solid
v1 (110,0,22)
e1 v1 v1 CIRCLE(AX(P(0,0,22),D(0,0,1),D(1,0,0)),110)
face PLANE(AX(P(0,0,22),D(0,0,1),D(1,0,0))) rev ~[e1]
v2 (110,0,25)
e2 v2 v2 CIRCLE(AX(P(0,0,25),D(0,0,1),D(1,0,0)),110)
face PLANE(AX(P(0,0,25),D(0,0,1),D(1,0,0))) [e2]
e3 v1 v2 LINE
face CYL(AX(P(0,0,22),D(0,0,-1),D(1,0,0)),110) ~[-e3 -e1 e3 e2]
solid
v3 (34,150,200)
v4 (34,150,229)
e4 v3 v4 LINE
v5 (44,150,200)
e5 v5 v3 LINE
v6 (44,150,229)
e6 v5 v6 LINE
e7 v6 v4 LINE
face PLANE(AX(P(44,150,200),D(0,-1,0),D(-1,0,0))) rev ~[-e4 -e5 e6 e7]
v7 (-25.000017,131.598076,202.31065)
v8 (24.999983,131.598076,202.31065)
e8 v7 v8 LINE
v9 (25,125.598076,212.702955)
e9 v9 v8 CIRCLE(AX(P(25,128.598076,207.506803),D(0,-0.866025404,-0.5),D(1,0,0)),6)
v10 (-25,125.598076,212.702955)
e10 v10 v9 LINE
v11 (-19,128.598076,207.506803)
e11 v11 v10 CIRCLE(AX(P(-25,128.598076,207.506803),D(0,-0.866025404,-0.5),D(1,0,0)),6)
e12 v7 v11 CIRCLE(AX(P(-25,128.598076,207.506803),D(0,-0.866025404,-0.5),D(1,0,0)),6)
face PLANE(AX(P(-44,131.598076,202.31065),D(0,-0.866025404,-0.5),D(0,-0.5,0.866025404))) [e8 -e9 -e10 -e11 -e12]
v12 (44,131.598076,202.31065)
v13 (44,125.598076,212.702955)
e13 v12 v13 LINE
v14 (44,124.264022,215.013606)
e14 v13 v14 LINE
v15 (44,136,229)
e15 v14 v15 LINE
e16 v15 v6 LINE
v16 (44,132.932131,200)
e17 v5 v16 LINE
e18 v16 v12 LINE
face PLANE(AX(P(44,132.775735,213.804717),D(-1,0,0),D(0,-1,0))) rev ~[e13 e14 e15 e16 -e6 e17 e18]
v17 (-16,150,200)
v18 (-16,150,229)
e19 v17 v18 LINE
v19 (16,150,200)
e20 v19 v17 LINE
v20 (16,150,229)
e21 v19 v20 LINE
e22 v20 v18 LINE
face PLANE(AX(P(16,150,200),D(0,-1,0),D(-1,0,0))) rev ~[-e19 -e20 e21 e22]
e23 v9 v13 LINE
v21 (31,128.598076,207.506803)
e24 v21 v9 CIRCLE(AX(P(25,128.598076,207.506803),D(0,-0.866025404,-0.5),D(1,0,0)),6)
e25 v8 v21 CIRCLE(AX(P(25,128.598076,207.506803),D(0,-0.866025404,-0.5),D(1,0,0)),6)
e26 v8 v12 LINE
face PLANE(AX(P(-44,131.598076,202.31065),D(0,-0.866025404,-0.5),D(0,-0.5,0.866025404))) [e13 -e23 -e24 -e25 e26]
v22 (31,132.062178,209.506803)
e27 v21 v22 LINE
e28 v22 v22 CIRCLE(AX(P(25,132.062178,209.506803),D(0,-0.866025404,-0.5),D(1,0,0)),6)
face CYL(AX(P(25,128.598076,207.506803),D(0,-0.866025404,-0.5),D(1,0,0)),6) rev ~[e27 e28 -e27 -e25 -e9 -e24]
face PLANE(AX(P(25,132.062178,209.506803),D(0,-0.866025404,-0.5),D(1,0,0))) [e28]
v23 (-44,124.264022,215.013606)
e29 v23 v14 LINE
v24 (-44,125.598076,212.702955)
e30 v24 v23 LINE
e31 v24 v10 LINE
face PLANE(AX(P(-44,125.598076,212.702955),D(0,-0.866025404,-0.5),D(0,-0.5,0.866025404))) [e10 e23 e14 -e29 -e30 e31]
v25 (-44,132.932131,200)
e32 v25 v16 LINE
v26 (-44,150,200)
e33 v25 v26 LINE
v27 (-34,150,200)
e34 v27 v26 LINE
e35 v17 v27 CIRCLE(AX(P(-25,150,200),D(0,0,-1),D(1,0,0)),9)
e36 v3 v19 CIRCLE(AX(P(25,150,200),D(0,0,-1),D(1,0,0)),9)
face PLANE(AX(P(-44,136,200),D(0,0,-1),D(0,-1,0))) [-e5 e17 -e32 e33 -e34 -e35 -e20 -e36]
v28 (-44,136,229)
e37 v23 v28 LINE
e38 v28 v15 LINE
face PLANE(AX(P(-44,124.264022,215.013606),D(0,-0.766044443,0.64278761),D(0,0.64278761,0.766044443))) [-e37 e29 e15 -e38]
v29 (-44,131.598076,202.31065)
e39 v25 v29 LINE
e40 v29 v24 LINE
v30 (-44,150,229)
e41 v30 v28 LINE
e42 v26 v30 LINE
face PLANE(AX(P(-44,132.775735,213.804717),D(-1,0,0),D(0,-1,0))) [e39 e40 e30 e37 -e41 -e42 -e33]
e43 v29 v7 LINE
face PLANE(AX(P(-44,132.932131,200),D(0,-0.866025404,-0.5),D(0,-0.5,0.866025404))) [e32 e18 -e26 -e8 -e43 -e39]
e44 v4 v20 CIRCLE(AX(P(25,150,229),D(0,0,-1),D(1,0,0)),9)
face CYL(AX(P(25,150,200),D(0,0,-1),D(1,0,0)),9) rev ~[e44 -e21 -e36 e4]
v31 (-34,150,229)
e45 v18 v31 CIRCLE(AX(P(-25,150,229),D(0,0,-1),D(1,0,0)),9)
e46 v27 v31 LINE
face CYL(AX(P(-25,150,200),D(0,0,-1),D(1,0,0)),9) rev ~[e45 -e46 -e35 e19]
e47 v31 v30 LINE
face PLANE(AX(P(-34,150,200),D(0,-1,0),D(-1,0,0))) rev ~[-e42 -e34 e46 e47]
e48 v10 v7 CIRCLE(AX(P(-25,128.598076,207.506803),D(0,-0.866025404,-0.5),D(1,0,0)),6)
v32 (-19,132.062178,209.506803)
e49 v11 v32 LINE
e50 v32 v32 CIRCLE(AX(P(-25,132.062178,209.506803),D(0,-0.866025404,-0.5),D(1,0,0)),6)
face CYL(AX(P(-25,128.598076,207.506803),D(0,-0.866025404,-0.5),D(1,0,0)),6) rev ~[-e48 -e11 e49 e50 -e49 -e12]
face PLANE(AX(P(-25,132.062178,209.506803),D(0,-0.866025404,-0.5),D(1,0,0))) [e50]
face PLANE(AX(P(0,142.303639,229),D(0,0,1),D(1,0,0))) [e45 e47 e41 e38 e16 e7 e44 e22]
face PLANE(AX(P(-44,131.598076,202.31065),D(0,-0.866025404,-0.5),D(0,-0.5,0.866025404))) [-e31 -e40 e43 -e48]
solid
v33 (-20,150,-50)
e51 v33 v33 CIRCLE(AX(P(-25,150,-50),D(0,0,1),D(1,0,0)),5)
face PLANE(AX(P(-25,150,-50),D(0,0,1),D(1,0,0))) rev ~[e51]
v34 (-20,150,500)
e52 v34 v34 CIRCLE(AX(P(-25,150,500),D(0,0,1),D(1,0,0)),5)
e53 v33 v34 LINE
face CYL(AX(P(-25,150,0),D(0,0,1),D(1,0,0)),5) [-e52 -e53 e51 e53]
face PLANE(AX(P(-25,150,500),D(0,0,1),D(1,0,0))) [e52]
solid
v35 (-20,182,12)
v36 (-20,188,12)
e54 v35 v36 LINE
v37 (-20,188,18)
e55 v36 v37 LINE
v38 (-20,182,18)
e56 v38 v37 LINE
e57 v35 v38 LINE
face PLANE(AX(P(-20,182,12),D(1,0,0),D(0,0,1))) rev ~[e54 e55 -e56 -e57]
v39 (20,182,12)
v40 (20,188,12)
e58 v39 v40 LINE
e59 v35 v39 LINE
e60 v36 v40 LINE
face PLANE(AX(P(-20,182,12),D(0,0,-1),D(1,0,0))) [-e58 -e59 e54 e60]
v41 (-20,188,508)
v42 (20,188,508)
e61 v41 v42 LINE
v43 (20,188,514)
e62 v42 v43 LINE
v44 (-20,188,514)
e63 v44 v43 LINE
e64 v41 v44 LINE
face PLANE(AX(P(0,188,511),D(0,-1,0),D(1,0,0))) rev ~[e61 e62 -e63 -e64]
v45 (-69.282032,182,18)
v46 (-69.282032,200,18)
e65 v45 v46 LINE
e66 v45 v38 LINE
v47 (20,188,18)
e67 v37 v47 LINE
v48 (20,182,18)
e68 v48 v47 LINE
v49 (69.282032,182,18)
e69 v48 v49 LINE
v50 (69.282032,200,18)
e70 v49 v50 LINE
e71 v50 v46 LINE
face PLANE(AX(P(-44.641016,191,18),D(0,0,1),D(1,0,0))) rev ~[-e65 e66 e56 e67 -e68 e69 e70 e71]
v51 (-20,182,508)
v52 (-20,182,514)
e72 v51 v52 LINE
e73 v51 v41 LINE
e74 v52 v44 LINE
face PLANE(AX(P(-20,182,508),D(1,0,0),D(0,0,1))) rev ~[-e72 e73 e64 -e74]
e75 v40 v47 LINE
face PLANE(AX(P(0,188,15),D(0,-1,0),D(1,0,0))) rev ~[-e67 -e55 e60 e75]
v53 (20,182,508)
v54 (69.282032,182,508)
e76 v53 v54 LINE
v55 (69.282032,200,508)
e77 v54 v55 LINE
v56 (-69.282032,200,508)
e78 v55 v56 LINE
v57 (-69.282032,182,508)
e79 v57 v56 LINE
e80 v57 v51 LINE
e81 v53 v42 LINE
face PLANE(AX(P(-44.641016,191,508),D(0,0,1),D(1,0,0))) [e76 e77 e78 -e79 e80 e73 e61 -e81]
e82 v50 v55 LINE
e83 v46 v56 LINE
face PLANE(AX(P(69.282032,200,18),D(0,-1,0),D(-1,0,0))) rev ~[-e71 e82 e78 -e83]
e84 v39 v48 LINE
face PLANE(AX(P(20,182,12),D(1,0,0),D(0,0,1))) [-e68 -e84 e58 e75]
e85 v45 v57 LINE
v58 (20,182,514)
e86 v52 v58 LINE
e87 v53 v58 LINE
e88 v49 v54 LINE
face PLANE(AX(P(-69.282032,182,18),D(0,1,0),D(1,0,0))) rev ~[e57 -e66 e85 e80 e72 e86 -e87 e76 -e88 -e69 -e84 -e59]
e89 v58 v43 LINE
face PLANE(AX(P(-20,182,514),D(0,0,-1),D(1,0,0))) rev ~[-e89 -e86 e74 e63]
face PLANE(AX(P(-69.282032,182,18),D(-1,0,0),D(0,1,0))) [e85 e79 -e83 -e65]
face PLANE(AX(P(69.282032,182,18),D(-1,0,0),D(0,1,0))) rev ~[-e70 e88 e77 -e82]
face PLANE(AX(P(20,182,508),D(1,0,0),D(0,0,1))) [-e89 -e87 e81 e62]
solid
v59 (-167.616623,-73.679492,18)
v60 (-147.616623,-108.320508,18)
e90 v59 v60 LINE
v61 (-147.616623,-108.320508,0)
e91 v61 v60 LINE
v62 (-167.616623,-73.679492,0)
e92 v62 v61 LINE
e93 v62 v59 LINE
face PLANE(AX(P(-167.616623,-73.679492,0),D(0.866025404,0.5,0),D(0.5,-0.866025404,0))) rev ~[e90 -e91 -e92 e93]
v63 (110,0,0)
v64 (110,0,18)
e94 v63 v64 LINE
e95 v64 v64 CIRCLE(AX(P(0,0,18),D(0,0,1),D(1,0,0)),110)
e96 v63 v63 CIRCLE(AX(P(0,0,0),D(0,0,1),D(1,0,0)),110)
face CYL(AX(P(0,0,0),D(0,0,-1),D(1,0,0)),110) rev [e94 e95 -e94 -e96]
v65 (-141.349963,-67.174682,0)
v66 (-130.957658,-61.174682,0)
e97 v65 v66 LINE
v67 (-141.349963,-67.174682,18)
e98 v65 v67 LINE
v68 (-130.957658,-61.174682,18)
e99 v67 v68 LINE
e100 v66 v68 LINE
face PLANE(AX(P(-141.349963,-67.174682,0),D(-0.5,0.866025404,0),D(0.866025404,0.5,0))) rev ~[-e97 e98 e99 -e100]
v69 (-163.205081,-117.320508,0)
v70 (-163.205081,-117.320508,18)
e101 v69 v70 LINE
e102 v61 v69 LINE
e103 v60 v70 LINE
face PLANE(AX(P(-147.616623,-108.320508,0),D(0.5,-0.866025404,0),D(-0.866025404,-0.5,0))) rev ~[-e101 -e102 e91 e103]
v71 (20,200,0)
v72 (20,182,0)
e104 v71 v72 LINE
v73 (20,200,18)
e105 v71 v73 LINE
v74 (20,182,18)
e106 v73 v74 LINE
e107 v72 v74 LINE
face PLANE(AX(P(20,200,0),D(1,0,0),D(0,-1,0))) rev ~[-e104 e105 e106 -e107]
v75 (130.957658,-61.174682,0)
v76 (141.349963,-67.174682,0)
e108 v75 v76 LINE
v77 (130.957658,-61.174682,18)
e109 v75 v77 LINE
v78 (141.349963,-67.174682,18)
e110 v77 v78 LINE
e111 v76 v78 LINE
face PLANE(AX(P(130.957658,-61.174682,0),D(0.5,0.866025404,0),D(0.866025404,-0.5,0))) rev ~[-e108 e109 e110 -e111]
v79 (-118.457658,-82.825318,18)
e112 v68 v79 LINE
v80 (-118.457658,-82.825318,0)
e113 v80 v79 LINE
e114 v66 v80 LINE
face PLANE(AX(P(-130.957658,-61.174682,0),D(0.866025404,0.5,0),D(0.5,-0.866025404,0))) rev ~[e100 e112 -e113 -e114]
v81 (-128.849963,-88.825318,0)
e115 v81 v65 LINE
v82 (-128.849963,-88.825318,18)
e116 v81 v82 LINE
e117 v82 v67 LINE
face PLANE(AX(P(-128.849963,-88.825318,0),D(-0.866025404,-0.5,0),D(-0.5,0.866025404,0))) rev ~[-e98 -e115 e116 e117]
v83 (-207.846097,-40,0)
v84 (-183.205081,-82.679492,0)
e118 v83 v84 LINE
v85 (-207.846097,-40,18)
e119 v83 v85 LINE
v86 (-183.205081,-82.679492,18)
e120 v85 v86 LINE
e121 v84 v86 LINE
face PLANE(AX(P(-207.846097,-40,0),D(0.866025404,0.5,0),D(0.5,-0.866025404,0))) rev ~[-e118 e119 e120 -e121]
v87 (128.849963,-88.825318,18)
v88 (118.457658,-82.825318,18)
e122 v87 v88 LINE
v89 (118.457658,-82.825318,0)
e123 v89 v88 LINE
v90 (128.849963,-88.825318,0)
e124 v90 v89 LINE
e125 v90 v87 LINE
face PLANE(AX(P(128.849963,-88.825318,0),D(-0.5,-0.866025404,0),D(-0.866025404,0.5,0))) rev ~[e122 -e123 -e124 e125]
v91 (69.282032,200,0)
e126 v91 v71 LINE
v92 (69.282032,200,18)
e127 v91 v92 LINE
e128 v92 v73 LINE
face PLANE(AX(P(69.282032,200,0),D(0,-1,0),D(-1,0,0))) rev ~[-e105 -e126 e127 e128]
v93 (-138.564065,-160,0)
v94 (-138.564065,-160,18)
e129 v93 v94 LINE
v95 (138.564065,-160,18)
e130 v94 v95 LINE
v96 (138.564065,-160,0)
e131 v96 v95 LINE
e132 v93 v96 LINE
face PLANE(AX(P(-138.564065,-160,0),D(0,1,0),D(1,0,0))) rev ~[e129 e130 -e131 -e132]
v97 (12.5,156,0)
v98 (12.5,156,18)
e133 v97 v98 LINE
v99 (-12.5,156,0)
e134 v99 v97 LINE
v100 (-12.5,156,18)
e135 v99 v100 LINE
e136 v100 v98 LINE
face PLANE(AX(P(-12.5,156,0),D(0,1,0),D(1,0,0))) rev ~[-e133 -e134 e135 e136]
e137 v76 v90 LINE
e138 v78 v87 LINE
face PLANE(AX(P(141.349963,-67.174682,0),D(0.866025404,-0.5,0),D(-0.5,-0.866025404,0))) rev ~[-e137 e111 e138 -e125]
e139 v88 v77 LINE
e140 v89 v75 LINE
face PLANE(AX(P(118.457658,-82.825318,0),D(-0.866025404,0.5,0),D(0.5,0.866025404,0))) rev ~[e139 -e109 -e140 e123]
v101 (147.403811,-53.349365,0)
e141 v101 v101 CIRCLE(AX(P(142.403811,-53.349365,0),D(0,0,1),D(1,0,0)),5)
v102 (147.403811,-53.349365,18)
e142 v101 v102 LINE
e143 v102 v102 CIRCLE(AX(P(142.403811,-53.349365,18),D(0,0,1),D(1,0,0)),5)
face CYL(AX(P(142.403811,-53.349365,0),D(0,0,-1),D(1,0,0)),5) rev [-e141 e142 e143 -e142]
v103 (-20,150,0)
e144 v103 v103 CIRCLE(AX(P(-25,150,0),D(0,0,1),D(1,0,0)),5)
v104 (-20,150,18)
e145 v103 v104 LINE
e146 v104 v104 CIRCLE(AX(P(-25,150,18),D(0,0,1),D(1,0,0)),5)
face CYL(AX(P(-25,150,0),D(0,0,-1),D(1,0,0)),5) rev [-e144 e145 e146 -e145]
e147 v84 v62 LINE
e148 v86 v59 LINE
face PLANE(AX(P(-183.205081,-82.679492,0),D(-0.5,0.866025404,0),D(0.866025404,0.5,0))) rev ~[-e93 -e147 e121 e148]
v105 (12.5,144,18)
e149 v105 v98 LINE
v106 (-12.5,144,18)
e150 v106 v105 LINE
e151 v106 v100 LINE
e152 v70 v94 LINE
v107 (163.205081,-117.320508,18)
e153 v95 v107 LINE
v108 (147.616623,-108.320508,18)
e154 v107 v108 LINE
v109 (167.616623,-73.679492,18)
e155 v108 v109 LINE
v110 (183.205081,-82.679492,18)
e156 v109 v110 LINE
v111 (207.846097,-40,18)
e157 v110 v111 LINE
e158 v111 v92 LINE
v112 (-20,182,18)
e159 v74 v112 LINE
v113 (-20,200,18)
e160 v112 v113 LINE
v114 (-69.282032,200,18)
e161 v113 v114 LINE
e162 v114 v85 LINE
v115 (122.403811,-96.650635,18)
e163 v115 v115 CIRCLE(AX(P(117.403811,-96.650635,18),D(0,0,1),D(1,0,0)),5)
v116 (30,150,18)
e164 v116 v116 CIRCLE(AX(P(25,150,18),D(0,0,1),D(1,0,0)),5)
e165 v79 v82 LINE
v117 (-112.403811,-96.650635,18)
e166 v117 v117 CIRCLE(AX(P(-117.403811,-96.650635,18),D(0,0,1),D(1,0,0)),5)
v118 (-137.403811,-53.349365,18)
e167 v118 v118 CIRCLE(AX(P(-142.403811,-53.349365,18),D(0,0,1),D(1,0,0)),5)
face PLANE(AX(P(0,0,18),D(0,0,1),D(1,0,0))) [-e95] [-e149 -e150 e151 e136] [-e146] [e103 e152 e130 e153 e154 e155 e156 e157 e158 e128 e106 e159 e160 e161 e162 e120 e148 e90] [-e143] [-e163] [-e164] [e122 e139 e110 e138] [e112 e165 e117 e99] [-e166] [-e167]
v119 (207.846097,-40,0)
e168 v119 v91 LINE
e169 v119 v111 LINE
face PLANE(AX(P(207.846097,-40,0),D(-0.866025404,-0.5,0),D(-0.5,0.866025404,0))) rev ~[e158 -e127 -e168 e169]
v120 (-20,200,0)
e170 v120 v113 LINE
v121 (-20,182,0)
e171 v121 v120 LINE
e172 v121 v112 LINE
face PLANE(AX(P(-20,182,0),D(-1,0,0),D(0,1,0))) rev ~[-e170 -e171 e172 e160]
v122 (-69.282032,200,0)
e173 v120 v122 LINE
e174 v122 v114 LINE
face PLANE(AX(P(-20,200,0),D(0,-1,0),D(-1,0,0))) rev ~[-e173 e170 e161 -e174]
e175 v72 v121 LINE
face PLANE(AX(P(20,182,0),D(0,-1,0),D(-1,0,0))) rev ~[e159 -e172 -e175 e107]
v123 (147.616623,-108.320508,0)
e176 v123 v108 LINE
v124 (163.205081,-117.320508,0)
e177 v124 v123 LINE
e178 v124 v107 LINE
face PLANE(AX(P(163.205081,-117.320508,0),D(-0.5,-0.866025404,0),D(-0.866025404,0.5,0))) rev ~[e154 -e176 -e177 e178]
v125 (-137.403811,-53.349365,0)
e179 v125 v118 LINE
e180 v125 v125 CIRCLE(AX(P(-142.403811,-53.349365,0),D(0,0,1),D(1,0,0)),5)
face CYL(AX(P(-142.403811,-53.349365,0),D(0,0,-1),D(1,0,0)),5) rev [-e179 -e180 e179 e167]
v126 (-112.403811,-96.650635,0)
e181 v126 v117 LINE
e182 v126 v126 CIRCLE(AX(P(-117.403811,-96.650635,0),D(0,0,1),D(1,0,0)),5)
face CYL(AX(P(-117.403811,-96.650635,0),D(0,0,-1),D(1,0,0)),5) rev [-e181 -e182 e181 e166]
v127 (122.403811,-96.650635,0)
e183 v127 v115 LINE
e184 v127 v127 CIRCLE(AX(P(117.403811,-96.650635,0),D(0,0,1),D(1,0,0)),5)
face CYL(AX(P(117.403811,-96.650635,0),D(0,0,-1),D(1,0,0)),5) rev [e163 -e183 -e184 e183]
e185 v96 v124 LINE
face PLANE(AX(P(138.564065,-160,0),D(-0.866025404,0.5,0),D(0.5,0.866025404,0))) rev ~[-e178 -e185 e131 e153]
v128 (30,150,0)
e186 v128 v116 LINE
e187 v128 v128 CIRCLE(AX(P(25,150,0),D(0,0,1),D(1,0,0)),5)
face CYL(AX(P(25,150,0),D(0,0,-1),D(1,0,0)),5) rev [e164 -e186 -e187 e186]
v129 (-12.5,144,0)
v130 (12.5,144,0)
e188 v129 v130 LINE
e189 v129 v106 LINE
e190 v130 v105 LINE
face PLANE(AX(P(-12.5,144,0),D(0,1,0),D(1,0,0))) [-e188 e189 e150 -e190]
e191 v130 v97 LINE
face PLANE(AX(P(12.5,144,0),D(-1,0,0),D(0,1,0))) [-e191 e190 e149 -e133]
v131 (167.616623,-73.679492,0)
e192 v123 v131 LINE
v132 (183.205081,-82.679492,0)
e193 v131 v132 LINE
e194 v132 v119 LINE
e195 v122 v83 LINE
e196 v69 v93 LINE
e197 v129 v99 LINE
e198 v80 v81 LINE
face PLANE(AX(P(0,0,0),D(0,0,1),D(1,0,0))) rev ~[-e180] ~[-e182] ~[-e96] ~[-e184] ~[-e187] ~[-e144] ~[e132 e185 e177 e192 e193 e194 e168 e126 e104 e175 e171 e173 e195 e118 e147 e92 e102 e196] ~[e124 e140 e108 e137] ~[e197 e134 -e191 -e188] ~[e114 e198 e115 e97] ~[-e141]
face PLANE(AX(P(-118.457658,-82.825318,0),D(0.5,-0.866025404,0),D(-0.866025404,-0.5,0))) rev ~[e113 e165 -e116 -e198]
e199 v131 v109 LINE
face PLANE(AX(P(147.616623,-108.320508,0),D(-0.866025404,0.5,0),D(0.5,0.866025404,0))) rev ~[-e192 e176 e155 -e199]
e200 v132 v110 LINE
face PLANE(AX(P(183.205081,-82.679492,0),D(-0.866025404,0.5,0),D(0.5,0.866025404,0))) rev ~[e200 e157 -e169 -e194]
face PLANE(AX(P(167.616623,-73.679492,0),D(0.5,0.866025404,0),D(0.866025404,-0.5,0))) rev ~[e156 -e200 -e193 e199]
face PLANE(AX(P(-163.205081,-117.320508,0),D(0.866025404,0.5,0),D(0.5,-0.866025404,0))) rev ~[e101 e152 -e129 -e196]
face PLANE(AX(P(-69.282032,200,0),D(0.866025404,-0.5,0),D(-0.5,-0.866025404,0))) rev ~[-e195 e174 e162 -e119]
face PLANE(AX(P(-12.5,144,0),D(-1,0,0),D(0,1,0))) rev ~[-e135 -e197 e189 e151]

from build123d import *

# Parameters (mm, degrees)
F0_R          = 5
F0_R_2        = 110
F0_W          = 25
F0_H          = 12
F1_DEPTH      = 18
F2_DEPTH      = 500
F2_DEPTH_BACK = 50
F3_START      = 22
F3_DEPTH      = 3
F4_W          = 49.2820323028
F4_H          = 18
F4_W_2        = 40
F5_DEPTH      = 490
F6_W          = 40
F6_H          = 6
F7_DEPTH      = 6
F10_DEPTH     = 29
F12_DEPTH     = 88
F13_R         = 6
F14_DEPTH     = 4


with BuildPart() as f1:
    # F0 (on Top) → F1 (new body)
    with BuildSketch(Plane.XY):
        Polygon((-20, 200), (-69.2820323028, 200), (-207.8460969083, -40), (-183.2050807569, -82.6794919243), (-167.6166234888, -73.6794919243), (-147.6166234888, -108.3205080757), (-163.2050807569, -117.3205080757), (-138.5640646055, -160), (138.5640646055, -160), (163.2050807569, -117.3205080757), (147.6166234888, -108.3205080757), (167.6166234888, -73.6794919243), (183.2050807569, -82.6794919243), (207.8460969083, -40), (69.2820323028, 200), (20, 200), (20, 182), (-20, 182), align=None)
        with Locations((-117.4038105677, -96.6506350946)):
            Circle(F0_R, mode=Mode.SUBTRACT)
        Polygon((-141.3499629904, -67.1746824527), (-130.957658145, -61.1746824527), (-118.457658145, -82.8253175473), (-128.8499629904, -88.8253175473), align=None, mode=Mode.SUBTRACT)
        with Locations((-142.4038105677, -53.3493649054)):
            Circle(F0_R, mode=Mode.SUBTRACT)
        Circle(F0_R_2, mode=Mode.SUBTRACT)
        with Locations((117.4038105677, -96.6506350946)):
            Circle(F0_R, mode=Mode.SUBTRACT)
        Polygon((128.8499629904, -88.8253175473), (118.457658145, -82.8253175473), (130.957658145, -61.1746824527), (141.3499629904, -67.1746824527), align=None, mode=Mode.SUBTRACT)
        with Locations((142.4038105677, -53.3493649054)):
            Circle(F0_R, mode=Mode.SUBTRACT)
        with Locations((-25, 150)):
            Circle(F0_R, mode=Mode.SUBTRACT)
        with Locations((0, 150)):
            Rectangle(F0_W, F0_H, mode=Mode.SUBTRACT)
        with Locations((25, 150)):
            Circle(F0_R, mode=Mode.SUBTRACT)
    extrude(amount=F1_DEPTH)


with BuildPart() as f2:
    # F0 (on Top) → F2 (new body, two sides)
    with BuildSketch(Plane.XY) as f2_sk:
        with Locations((-25, 150)):
            Circle(F0_R)
    extrude(amount=F2_DEPTH)
    extrude(f2_sk.sketch, amount=-F2_DEPTH_BACK)


with BuildPart() as f3:
    # F0 (on Top) → F3 (new body)
    with BuildSketch(Plane.XY.offset(F3_START)):
        Circle(F0_R_2)
    extrude(amount=F3_DEPTH)


with BuildPart() as f5:
    # F4 (on face) → F5 (new body)
    with BuildSketch(Plane.XY.offset(18)):
        with Locations((-44.6410161514, 191)):
            Rectangle(F4_W, F4_H)
        with Locations((0, 191)):
            Rectangle(F4_W_2, F4_H)
        with Locations((44.6410161514, 191)):
            Rectangle(F4_W, F4_H)
    extrude(amount=F5_DEPTH)

    # F6 (on face) → F7 (join)
    with BuildSketch(Plane.XZ.offset(-182)):
        with Locations((0, 15)):
            Rectangle(F6_W, F6_H)
        with Locations((0, 511)):
            Rectangle(F6_W, F6_H)
    extrude(amount=-F7_DEPTH)


with BuildPart() as f10:
    # F9 (on offset) → F10 (new body)
    with BuildSketch(Plane.XY.offset(200)):
        with BuildLine():
            ThreePointArc((-16, 150), (-25, 141), (-34, 150))
            Line((-34, 150), (-44, 150))
            Line((-44, 150), (-44, 136))
            Line((-44, 136), (44, 136))
            Line((44, 136), (44, 150))
            Line((44, 150), (34, 150))
            ThreePointArc((34, 150), (25, 141), (16, 150))
            Line((16, 150), (-16, 150))
        make_face()
    extrude(amount=F10_DEPTH)

    # F11 (on face) → F12 (join)
    with BuildSketch(Plane(origin=(-44, 0, 0), x_dir=(0, -1, 0), z_dir=(-1, 0, 0))):
        Polygon((-131.5980762114, 202.3106503669), (-135.0621778265, 204.3106503669), (-129.0621778265, 214.7029552123), (-125.5980762114, 212.7029552123), (-124.2640216, 215.0136055792), (-136, 229), (-136, 200), (-132.9321308227, 200), align=None)
        Polygon((-129.0621778265, 214.7029552123), (-135.0621778265, 204.3106503669), (-131.5980762114, 202.3106503669), (-125.5980762114, 212.7029552123), align=None)
    extrude(amount=-F12_DEPTH)

    # F13 (on face) → F14 (cut)
    with BuildSketch(Plane(origin=(0, 186.3016384955, 107.5613011358), x_dir=(1, 0, 0), z_dir=(0, -0.8660254038, -0.5))):
        with Locations((-25, 115.4071245682)):
            Circle(F13_R)
        with Locations((25, 115.4071245682)):
            Circle(F13_R)
    extrude(amount=-F14_DEPTH, mode=Mode.SUBTRACT)


solid = Compound([f1.part, f2.part, f3.part, f5.part, f10.part])
